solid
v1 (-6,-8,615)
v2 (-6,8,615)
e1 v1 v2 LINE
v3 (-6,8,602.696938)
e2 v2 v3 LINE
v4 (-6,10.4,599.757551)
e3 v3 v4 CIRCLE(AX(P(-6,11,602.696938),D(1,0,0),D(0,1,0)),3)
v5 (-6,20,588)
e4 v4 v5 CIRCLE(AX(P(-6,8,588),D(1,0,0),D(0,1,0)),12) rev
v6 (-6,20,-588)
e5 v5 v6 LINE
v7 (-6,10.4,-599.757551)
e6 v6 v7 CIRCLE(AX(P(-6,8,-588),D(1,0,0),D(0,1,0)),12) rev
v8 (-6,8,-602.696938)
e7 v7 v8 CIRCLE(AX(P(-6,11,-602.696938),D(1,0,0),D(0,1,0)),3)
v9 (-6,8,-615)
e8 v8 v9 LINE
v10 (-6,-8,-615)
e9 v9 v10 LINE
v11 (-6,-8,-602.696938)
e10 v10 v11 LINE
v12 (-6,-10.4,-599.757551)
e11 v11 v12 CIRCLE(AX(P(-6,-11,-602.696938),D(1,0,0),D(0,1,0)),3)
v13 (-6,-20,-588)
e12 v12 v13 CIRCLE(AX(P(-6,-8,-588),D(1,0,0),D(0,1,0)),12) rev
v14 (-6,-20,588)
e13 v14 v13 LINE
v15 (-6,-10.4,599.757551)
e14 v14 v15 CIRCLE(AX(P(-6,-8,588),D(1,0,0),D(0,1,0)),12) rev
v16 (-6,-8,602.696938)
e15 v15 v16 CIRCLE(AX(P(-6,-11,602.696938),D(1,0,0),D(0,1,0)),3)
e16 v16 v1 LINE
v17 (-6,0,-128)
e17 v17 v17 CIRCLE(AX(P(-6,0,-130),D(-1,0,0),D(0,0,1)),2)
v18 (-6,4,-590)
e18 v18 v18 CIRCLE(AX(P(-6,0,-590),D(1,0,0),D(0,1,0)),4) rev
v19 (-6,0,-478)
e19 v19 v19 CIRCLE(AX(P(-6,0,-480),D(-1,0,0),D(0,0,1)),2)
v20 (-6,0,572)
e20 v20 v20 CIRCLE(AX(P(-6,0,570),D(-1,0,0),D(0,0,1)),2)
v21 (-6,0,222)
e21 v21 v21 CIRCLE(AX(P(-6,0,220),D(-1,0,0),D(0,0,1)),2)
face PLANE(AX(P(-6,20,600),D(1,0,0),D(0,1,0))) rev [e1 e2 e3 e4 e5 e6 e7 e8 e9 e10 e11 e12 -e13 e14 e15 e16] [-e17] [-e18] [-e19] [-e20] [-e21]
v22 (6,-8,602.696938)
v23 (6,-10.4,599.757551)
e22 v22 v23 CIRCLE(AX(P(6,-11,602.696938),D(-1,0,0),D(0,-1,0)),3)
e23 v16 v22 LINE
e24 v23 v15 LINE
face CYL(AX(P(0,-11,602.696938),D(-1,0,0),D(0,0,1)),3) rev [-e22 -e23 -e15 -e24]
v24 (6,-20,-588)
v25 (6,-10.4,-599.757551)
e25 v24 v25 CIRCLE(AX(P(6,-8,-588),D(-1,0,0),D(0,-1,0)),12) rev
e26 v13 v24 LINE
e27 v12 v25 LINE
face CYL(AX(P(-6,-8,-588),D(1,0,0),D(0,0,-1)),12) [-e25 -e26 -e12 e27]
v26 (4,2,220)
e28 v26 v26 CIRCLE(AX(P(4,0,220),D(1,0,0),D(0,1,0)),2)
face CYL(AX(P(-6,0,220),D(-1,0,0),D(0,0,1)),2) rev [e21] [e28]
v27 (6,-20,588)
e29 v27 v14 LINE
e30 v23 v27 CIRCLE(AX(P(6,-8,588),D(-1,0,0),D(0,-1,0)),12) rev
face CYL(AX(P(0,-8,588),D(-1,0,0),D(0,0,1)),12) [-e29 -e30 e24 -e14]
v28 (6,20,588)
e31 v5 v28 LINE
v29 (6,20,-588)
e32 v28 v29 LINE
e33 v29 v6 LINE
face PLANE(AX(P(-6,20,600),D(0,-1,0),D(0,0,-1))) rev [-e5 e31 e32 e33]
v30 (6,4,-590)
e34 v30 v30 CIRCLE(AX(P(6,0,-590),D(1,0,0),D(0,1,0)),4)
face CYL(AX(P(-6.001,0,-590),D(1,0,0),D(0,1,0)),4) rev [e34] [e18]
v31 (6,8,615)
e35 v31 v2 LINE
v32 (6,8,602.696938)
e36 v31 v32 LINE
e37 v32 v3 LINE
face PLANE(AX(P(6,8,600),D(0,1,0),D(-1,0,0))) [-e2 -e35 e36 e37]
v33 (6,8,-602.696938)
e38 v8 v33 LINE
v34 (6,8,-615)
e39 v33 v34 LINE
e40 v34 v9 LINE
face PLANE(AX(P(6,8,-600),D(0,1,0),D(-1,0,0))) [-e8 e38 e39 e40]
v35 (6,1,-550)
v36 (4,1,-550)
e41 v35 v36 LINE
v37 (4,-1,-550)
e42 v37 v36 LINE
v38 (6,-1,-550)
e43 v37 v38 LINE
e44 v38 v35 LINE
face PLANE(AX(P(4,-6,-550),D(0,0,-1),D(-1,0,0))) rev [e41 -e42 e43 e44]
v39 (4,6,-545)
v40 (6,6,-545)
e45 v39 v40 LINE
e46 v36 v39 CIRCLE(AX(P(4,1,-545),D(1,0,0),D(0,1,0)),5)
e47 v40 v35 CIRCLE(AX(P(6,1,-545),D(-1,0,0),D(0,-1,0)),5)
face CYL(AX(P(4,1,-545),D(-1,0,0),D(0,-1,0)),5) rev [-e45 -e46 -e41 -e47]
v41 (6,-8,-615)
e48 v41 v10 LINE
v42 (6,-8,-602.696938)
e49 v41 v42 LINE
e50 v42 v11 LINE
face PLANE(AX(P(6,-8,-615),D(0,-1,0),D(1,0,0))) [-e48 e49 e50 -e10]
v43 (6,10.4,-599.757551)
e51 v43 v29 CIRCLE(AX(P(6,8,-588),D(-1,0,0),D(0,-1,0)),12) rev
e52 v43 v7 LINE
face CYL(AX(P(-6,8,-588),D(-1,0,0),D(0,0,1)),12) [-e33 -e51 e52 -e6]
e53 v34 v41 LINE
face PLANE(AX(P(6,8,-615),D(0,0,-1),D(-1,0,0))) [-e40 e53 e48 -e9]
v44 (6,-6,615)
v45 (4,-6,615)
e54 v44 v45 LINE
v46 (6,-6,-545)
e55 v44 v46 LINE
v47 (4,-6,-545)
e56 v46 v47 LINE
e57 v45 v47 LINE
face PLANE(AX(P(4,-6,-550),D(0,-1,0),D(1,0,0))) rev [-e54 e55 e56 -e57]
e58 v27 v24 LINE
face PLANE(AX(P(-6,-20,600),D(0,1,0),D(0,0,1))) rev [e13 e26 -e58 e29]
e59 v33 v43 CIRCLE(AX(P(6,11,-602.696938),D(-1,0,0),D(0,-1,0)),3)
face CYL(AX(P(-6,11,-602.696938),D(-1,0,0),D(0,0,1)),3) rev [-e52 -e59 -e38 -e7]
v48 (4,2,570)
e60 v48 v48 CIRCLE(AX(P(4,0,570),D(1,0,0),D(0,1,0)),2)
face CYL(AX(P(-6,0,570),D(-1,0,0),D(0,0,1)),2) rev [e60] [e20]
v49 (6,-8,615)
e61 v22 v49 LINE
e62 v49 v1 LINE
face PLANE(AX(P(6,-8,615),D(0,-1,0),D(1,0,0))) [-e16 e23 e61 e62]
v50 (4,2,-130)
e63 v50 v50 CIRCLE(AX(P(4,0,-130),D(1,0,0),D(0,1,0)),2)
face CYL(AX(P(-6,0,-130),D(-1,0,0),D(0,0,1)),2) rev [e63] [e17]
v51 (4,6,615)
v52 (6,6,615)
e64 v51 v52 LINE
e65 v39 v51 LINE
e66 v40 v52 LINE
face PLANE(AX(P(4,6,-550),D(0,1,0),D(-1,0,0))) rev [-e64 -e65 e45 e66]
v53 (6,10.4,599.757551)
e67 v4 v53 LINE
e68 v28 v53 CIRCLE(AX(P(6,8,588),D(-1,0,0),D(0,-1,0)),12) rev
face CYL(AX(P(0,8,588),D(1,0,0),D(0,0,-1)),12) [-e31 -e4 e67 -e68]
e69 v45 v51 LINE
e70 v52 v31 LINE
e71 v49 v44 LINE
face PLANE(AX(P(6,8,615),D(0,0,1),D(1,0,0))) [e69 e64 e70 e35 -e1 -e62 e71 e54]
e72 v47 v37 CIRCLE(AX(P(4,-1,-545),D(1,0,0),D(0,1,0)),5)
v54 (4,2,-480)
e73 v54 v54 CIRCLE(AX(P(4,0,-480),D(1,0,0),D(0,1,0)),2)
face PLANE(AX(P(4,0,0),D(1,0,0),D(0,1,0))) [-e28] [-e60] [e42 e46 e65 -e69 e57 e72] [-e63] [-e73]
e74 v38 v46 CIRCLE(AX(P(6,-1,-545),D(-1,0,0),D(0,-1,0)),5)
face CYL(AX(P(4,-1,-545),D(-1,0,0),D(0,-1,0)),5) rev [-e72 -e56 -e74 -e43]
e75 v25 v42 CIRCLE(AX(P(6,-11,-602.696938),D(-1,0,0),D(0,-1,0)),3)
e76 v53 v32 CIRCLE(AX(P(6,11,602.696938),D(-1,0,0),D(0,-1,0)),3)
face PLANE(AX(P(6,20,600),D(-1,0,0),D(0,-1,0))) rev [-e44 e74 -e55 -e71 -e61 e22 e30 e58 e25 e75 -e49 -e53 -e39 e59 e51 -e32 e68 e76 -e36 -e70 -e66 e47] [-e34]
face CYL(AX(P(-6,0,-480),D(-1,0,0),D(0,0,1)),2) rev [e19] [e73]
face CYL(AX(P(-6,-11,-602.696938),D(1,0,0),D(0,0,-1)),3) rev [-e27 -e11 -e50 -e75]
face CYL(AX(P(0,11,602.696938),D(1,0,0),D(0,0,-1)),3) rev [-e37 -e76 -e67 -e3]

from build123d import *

# Parameters (mm, degrees)
SKETCH1_W                    = 12
SKETCH1_H                    = 40
BOSS_EXTRUDE1_DEPTH          = 600
FILLET1_R                    = 12
SKETCH2_W                    = 1150
SKETCH2_H                    = 12
CUT_EXTRUDE1_DEPTH           = 2
FILLET2_R                    = 5
CUT_EXTRUDE2_REACH           = 14
SKETCH3_R                    = 4
F_4_0_4_DIAMETER_HOLE1_D     = 4
F_4_0_4_DIAMETER_HOLE1_DEPTH = 10
LPATTERN1_COUNT              = 4
LPATTERN1_PITCH              = 350
SKETCH6_W                    = 15
SKETCH6_H                    = 16
BOSS_EXTRUDE2_DEPTH          = 12
CUT_EXTRUDE6_REACH           = 17
SKETCH7_W                    = 2
SKETCH7_H                    = 12
FILLET3_R                    = 3


with BuildPart() as part:
    # Sketch1 → Boss-Extrude1 (new body, symmetric)
    with BuildSketch(Plane.XY):
        Rectangle(SKETCH1_W, SKETCH1_H)
    extrude(amount=BOSS_EXTRUDE1_DEPTH, both=True)

    # Fillet1
    fillet1_edges = [part.edges().sort_by_distance(p)[0] for p in [
        (0, -20, 600),
        (0, -20, -600),
        (0, 20, -600),
        (0, 20, 600),
    ]]
    fillet(fillet1_edges, radius=FILLET1_R)

    # Sketch2 → Cut-Extrude1 (cut)
    with BuildSketch(Plane(origin=(6, 0, 0), x_dir=(0, 0, -1), z_dir=(1, 0, 0))):
        with Locations((-25, 0)):
            Rectangle(SKETCH2_W, SKETCH2_H)
    extrude(amount=-CUT_EXTRUDE1_DEPTH, mode=Mode.SUBTRACT)

    # Fillet2
    fillet2_edges = [part.edges().sort_by_distance(p)[0] for p in [
        (5, 6, -550),
        (5, -6, -550),
    ]]
    fillet(fillet2_edges, radius=FILLET2_R)

    # Sketch3 → Cut-Extrude2 (cut, up to next)
    with BuildSketch(Plane(origin=(6, 0, 0), x_dir=(0, 0, -1), z_dir=(1, 0, 0)), mode=Mode.PRIVATE) as cut_extrude2_sk1:
        with Locations(Location((590, 0, 0), (0, 0, 90))):  # turned: the seam where the file's is
            Circle(SKETCH3_R)
    cut_extrude2_tool1 = extrude(cut_extrude2_sk1.sketch, amount=-CUT_EXTRUDE2_REACH, mode=Mode.PRIVATE) & part.part
    add(cut_extrude2_tool1.solids().sort_by_distance((6, 0, -590))[0], mode=Mode.SUBTRACT)

    # Ø4.0 (4) Diameter Hole1
    with Locations(Plane.ZY.offset(6)):
        with Locations((570, 0)):
            f_4_0_4_diameter_hole1 = Hole(F_4_0_4_DIAMETER_HOLE1_D / 2, depth=F_4_0_4_DIAMETER_HOLE1_DEPTH)

    # LPattern1: Ø4.0 (4) Diameter Hole1 ×4
    with Locations(*[(0, 0, -i * LPATTERN1_PITCH) for i in range(1, LPATTERN1_COUNT)]):
        add(f_4_0_4_diameter_hole1, mode=Mode.SUBTRACT)

    # Sketch6 → Boss-Extrude2 (add)
    with BuildSketch(Plane.ZY.offset(6)):
        with Locations((-607.5, 0)):
            Rectangle(SKETCH6_W, SKETCH6_H)
        with Locations((607.5, 0)):
            Rectangle(SKETCH6_W, SKETCH6_H)
    extrude(amount=-BOSS_EXTRUDE2_DEPTH)

    # Sketch7 → Cut-Extrude6 (cut, up to next)
    with BuildSketch(Plane(origin=(0, 0, 600), x_dir=(-1, 0, 0), z_dir=(0, 0, -1)), mode=Mode.PRIVATE) as cut_extrude6_sk1:
        with Locations((-5, 0)):
            Rectangle(SKETCH7_W, SKETCH7_H)
    cut_extrude6_tool1 = extrude(cut_extrude6_sk1.sketch, amount=-CUT_EXTRUDE6_REACH, mode=Mode.PRIVATE) & part.part
    add(cut_extrude6_tool1.solids().sort_by_distance((5, 0, 600))[0], mode=Mode.SUBTRACT)

    # Fillet3
    fillet3_edges = [part.edges().sort_by_distance(p)[0] for p in [
        (0, -8, 600),
        (0, 8, 600),
        (0, -8, -600),
        (0, 8, -600),
    ]]
    fillet(fillet3_edges, radius=FILLET3_R)


solid = part.part
